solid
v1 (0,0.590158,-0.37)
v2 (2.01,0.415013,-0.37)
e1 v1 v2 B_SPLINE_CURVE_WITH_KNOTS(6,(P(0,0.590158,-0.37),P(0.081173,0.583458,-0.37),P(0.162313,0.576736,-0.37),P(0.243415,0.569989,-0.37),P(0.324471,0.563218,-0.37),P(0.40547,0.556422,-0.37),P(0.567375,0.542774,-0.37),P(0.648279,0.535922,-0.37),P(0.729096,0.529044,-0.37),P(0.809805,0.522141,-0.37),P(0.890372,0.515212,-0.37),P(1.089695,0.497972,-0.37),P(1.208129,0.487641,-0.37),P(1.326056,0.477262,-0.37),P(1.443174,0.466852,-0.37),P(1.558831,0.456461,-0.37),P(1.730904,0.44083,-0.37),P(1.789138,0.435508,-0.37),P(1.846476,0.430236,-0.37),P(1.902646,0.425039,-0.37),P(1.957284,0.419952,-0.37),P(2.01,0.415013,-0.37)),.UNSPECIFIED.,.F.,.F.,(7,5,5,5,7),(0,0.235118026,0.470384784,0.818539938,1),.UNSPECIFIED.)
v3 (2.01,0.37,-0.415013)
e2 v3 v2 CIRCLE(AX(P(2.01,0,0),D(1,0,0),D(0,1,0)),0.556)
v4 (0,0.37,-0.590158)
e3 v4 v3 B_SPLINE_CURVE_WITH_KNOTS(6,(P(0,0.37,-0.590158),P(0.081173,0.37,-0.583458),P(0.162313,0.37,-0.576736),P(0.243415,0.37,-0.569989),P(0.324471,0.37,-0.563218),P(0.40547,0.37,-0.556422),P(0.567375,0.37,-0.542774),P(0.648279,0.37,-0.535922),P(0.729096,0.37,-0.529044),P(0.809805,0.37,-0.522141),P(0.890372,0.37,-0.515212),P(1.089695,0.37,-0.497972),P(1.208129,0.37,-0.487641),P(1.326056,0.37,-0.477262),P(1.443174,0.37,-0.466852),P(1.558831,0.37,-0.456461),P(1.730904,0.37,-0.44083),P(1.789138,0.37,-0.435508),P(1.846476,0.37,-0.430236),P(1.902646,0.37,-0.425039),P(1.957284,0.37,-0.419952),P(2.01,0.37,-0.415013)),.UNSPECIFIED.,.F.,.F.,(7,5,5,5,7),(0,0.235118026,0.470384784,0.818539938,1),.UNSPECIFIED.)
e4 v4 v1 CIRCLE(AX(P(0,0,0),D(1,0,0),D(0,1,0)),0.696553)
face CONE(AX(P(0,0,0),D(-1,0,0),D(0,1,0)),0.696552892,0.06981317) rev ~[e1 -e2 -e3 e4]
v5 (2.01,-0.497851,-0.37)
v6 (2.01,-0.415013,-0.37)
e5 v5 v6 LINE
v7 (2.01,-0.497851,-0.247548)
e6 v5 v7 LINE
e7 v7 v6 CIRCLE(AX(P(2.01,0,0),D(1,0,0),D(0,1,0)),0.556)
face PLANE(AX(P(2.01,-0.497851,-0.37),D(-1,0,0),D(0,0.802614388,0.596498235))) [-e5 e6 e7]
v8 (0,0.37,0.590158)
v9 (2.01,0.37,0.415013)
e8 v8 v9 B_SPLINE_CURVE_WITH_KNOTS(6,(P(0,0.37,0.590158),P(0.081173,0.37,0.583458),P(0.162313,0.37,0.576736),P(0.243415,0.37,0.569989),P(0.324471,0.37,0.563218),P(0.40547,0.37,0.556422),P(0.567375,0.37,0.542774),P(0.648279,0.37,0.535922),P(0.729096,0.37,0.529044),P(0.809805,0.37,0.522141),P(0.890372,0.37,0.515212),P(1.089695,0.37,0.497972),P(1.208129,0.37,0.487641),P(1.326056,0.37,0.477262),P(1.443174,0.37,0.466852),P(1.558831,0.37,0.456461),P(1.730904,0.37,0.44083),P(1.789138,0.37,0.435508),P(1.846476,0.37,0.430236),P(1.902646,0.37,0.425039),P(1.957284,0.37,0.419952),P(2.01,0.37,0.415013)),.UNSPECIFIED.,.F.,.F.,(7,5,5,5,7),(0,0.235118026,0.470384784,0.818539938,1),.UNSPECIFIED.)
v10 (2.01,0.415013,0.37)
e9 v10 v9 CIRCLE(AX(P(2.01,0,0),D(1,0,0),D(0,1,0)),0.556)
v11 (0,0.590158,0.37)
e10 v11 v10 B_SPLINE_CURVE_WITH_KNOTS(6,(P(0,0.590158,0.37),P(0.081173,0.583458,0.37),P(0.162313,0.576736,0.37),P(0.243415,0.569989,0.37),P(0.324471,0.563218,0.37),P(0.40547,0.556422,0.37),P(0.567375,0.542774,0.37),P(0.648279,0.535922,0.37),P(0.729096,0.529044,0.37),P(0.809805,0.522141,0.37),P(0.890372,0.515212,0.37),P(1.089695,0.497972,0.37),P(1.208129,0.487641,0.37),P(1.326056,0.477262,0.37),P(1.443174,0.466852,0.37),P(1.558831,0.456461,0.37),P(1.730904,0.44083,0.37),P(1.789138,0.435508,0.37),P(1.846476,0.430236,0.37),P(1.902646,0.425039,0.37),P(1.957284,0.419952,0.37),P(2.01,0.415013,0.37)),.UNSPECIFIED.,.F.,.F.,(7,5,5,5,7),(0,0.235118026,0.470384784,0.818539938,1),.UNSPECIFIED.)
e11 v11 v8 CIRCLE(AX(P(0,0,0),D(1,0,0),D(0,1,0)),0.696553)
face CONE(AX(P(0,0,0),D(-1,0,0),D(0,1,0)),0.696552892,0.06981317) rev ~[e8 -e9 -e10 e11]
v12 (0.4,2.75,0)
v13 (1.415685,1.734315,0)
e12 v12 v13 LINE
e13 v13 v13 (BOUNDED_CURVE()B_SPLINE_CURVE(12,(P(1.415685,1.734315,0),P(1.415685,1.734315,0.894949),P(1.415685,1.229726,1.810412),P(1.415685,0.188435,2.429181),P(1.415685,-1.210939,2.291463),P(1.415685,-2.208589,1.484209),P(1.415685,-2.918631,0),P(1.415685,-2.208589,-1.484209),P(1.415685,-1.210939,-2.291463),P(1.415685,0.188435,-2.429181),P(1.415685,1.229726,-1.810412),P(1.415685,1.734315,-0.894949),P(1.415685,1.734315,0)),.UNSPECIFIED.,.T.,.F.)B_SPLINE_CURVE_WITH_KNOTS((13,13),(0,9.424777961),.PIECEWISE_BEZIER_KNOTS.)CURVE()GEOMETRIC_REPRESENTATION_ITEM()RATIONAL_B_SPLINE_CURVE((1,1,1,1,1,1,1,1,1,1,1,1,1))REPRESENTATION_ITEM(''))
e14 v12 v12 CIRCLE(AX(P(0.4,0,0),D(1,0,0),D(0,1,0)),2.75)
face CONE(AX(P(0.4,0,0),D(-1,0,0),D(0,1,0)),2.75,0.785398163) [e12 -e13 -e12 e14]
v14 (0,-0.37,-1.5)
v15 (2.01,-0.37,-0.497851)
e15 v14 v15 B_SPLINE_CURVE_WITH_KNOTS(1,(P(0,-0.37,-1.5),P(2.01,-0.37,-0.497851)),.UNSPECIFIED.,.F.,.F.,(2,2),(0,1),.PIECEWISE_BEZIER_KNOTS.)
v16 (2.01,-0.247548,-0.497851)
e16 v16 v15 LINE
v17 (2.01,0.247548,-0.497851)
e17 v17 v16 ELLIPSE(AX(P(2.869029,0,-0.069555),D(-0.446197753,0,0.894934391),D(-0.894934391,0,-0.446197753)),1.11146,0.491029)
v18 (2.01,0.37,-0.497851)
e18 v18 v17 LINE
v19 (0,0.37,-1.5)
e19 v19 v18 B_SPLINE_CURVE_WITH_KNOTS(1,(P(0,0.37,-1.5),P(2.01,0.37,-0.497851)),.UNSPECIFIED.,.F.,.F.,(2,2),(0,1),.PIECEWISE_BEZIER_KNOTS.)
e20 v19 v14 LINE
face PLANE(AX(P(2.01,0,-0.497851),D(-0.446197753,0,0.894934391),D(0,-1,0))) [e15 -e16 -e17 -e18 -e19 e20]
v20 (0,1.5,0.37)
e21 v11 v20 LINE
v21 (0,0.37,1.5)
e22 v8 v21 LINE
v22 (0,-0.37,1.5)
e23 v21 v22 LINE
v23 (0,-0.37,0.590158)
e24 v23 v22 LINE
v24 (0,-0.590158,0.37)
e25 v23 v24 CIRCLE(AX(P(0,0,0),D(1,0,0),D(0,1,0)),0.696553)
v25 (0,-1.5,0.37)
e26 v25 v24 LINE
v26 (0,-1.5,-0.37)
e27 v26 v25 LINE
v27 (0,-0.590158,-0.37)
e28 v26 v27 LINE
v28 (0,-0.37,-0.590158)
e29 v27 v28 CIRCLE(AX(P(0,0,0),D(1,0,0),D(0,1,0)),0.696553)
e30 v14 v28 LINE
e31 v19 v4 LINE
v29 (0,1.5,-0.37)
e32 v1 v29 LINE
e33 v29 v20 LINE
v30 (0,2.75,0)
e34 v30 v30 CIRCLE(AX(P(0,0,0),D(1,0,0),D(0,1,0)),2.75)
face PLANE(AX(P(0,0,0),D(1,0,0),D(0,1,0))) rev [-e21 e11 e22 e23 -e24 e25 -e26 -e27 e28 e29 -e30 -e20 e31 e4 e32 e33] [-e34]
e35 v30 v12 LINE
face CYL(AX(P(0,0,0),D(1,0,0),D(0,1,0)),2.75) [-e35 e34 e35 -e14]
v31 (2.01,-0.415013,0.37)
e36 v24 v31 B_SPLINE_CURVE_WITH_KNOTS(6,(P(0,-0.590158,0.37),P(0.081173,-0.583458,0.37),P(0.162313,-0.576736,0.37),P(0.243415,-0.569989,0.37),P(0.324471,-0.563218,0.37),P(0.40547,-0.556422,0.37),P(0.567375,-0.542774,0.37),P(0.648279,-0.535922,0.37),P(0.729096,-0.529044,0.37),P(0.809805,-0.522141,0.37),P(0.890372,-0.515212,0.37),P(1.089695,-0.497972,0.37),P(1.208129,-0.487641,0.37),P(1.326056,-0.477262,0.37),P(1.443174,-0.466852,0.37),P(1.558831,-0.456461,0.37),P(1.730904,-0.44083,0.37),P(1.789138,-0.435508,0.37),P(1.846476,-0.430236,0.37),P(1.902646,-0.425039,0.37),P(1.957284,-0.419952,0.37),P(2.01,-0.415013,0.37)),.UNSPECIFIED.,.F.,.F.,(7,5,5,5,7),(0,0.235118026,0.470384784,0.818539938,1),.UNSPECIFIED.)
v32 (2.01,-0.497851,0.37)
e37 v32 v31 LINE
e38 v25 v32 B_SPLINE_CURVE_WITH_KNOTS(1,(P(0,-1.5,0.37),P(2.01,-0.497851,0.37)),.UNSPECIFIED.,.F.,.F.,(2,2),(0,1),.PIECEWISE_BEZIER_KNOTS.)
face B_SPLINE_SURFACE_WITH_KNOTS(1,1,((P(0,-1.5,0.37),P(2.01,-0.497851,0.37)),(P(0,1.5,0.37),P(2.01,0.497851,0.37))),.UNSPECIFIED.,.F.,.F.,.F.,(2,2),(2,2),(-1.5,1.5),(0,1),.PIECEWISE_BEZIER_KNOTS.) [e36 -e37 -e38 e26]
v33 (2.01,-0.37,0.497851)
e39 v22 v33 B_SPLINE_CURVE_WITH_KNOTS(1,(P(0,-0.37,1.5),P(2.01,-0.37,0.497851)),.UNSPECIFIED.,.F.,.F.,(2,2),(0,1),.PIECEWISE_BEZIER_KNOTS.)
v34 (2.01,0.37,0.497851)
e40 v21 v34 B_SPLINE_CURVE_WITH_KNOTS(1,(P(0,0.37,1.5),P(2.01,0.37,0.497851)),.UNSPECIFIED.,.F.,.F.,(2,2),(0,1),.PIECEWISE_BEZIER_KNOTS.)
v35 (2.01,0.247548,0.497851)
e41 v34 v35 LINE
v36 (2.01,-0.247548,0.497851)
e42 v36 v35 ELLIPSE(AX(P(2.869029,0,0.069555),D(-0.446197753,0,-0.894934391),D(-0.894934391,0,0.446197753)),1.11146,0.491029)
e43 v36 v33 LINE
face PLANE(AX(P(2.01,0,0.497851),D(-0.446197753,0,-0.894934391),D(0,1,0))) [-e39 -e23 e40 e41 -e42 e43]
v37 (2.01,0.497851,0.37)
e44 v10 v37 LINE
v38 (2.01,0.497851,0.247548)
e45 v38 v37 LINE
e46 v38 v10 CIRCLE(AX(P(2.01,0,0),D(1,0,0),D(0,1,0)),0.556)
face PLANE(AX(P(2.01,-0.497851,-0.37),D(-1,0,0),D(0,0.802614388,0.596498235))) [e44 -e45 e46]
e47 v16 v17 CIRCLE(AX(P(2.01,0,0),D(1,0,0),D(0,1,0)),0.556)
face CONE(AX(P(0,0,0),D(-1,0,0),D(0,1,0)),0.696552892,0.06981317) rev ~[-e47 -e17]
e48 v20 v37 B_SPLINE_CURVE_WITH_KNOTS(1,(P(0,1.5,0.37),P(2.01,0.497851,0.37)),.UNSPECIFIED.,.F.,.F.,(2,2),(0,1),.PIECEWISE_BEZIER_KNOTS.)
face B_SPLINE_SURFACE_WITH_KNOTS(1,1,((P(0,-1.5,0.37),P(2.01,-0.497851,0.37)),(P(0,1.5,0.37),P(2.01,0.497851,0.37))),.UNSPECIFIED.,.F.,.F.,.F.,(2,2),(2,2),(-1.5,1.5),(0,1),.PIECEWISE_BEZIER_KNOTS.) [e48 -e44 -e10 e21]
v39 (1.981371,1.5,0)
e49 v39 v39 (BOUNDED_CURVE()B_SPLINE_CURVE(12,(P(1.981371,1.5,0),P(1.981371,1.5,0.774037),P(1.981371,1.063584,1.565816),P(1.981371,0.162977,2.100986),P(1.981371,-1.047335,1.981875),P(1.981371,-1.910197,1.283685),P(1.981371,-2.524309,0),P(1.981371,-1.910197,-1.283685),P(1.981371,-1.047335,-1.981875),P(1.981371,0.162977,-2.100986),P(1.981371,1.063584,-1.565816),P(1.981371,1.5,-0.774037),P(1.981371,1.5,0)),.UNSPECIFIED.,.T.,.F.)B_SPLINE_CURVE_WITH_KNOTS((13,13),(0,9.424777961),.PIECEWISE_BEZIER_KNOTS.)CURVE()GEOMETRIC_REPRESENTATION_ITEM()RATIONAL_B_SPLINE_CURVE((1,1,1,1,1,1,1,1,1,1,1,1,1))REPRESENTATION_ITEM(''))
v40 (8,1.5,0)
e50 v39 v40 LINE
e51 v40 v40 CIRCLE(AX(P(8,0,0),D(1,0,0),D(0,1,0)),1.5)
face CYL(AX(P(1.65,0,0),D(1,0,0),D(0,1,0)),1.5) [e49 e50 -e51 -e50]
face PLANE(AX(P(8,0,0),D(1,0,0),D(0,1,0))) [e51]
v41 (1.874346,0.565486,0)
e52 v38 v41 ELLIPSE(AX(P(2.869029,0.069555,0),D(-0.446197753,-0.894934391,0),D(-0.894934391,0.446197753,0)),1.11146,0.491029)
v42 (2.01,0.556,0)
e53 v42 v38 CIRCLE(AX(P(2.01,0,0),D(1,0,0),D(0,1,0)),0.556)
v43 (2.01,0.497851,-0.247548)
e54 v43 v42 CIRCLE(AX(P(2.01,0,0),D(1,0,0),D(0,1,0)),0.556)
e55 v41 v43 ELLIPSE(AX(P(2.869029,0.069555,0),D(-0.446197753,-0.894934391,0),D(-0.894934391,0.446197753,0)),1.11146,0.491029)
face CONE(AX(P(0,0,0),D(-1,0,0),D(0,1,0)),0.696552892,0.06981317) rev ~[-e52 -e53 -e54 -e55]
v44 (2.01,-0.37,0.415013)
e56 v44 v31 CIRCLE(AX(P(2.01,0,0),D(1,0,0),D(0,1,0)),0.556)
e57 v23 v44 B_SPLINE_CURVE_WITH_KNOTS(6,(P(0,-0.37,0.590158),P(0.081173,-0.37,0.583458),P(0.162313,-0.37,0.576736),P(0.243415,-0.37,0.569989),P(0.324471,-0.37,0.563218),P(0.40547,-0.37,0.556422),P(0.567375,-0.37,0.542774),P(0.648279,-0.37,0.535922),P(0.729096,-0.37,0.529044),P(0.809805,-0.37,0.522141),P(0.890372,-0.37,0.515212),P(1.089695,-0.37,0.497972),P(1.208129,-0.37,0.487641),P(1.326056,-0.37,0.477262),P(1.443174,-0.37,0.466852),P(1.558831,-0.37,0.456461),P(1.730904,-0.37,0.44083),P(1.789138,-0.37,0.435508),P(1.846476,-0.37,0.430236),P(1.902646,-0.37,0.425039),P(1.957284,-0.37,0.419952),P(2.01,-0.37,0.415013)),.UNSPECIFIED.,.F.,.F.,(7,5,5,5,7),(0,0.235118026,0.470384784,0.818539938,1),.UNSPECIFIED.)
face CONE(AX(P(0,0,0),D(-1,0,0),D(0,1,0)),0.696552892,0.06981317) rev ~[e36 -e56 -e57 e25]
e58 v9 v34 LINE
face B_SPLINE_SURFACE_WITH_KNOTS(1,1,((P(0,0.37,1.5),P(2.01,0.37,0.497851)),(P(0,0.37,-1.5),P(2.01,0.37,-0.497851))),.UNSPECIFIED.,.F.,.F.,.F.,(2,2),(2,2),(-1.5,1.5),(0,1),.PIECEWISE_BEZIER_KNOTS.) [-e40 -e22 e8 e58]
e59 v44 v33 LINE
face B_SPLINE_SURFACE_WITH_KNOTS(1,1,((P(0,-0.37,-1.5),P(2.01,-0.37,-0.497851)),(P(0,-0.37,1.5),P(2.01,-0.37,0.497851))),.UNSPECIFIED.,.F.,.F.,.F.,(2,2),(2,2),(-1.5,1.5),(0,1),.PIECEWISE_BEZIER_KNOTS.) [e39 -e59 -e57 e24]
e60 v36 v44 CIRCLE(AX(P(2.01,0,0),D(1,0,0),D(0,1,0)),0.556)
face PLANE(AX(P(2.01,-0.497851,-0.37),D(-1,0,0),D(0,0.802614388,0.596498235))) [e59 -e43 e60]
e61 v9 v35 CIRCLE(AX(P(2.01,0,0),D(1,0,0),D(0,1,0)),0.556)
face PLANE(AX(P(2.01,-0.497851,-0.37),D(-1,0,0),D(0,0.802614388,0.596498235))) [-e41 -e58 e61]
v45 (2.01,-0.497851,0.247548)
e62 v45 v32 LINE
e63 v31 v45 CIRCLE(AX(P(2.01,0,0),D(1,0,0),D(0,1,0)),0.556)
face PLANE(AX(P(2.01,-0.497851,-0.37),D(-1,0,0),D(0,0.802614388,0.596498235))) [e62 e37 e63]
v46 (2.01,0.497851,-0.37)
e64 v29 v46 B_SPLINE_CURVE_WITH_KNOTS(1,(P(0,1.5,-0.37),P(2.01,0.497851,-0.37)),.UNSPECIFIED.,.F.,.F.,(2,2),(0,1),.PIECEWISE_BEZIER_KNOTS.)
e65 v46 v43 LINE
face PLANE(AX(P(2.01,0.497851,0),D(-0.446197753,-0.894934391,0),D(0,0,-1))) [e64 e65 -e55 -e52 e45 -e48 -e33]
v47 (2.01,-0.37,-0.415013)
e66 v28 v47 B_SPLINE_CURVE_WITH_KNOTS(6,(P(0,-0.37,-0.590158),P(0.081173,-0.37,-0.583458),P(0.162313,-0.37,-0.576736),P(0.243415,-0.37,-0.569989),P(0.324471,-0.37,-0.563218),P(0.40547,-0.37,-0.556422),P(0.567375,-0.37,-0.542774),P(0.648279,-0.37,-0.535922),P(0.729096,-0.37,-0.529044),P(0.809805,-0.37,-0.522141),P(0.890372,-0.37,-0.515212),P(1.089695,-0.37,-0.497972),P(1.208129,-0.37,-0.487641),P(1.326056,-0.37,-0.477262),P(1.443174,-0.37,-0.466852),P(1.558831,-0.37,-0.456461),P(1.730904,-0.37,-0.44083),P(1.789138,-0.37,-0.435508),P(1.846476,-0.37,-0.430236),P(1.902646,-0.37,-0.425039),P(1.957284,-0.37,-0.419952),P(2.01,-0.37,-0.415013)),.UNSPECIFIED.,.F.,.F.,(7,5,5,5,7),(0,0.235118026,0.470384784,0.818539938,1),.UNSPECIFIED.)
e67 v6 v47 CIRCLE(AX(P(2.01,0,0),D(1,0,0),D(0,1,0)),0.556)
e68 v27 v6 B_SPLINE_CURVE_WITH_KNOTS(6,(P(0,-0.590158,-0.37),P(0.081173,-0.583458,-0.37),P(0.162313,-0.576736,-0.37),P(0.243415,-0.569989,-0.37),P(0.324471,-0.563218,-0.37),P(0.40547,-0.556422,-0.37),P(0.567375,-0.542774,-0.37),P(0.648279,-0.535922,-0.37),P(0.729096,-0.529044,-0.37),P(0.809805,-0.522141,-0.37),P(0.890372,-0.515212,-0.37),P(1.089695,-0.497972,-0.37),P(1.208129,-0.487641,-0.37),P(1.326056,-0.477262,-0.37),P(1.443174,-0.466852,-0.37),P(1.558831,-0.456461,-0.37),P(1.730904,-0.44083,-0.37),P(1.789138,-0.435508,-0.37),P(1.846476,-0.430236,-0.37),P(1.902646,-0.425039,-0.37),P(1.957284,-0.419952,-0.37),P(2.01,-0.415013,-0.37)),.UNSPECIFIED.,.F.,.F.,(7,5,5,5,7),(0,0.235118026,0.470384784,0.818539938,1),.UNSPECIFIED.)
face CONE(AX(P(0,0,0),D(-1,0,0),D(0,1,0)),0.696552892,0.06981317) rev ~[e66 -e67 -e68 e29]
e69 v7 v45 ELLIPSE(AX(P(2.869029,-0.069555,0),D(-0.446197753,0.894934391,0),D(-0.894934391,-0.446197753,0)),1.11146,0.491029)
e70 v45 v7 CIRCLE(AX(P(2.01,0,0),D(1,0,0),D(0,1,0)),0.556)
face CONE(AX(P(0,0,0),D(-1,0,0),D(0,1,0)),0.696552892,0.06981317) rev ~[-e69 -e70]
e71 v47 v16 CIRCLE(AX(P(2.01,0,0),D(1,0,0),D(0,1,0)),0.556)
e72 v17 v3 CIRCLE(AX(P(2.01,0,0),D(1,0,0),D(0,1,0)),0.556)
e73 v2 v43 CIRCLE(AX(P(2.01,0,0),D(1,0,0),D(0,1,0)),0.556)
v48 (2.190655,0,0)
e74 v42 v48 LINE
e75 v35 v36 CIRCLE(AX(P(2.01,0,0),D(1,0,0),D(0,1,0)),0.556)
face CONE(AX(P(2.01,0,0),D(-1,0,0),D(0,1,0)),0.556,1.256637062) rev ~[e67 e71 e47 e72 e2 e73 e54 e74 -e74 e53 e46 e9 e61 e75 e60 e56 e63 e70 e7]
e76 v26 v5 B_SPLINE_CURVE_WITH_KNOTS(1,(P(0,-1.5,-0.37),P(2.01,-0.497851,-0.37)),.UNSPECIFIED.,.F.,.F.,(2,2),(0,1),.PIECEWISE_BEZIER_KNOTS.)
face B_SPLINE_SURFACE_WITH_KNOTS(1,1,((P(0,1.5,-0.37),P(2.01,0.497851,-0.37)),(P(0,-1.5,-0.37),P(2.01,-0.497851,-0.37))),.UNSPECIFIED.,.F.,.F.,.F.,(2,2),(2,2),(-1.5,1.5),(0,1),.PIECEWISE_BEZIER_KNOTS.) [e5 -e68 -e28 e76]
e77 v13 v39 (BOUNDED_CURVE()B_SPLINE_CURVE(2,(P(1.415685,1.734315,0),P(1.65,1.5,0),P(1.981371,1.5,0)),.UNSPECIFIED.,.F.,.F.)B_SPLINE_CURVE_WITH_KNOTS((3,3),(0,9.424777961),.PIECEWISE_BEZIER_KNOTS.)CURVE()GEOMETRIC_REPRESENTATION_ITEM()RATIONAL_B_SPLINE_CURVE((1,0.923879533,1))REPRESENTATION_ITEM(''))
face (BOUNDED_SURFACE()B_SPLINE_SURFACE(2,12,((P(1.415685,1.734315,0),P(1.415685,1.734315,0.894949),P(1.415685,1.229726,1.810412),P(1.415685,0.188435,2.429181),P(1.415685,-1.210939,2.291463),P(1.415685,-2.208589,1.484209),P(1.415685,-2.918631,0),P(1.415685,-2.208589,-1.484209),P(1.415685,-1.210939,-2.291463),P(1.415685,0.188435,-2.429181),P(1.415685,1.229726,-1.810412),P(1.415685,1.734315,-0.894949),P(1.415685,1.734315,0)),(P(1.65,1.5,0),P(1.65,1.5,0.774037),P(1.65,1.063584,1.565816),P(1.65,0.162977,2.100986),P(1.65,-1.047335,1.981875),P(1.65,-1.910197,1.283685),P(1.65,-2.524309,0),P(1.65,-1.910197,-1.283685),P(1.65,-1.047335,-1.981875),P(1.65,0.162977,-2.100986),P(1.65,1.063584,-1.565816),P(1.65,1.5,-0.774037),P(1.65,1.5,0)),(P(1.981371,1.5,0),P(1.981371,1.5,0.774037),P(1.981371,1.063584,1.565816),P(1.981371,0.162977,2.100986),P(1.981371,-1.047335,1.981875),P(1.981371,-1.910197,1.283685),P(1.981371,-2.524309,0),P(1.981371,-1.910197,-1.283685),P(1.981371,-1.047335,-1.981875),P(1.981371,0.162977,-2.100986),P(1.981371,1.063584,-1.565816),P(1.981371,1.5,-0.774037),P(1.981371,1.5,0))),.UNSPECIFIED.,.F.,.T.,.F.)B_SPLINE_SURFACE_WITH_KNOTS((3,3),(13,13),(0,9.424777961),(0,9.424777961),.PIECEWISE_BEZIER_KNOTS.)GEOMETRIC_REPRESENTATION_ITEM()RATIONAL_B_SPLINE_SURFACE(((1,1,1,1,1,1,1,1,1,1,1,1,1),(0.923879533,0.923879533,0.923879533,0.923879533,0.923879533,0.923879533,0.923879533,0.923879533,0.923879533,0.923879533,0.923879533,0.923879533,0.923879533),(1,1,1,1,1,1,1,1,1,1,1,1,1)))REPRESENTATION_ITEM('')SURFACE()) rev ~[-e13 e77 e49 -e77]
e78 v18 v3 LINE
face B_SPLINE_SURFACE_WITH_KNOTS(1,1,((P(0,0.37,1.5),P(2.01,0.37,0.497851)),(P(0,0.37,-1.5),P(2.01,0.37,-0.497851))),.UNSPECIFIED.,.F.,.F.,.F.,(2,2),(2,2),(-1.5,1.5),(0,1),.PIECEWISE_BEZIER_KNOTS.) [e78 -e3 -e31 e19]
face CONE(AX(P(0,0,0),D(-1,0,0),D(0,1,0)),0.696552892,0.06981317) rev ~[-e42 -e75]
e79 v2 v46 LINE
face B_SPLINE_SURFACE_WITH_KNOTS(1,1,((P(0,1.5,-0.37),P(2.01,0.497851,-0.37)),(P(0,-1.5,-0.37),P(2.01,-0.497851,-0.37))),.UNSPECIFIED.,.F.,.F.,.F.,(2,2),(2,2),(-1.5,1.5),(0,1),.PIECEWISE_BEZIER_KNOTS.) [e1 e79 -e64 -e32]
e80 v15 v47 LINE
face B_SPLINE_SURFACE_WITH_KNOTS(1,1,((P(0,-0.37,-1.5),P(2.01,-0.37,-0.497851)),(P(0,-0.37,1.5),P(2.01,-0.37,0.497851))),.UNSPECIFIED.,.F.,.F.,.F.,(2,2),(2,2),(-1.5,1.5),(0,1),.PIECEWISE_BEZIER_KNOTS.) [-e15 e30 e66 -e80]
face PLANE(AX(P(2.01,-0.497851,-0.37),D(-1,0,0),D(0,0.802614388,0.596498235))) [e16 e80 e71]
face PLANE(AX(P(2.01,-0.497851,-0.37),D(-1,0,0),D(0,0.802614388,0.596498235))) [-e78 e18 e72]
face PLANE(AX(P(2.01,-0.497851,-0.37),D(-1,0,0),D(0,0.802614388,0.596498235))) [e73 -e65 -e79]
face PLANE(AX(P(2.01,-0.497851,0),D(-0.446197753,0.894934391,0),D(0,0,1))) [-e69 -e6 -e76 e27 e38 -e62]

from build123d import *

# Parameters (mm, degrees)
FILLET1_R    = 0.8
SKETCH3_W    = 0.74
SKETCH3_H    = 3
SKETCH4_W    = 0.74
SKETCH4_H    = 0.99570227
RECPAT_COUNT = 2
RECPAT_ANGLE = 90


with BuildPart() as part:
    # BodySke → Base-Revolve (revolve)
    with BuildSketch(Plane.XY):
        Polygon((0, 0), (0, 2.75), (0.4, 2.75), (1.65, 1.5), (8, 1.5), (8, 0), align=None)
    revolve(axis=Axis((-6.35, 0, 0), (1, 0, 0)))

    # Fillet1
    fillet1_edges = [part.edges().sort_by_distance(p)[0] for p in [
        (1.65, -1.5, 0),
    ]]
    fillet(fillet1_edges, radius=FILLET1_R)

    # Sketch3 → Recess section 0
    with BuildSketch(Plane.ZY):
        Rectangle(SKETCH3_W, SKETCH3_H)
    # Sketch4 → Recess section 1
    with BuildSketch(Plane.ZY.offset(-2.01)):
        Rectangle(SKETCH4_W, SKETCH4_H)
    recess = loft(mode=Mode.SUBTRACT)

    # RecPat: Recess ×2 about axis
    recpat_axis = Axis((0, 0, 0), (1, 0, 0))
    for i in range(1, RECPAT_COUNT):
        add(recess.rotate(recpat_axis, i * RECPAT_ANGLE / (RECPAT_COUNT - 1)), mode=Mode.SUBTRACT)

    # RecCorSke → RecessCore (revolve, cut)
    with BuildSketch(Plane.XY):
        Polygon((0, 0), (0, 0.696552892), (2.01, 0.556), (2.190655351, 0), align=None)
    revolve(axis=Axis((-3.175, 0, 0), (1, 0, 0)), mode=Mode.SUBTRACT)


solid = part.part
